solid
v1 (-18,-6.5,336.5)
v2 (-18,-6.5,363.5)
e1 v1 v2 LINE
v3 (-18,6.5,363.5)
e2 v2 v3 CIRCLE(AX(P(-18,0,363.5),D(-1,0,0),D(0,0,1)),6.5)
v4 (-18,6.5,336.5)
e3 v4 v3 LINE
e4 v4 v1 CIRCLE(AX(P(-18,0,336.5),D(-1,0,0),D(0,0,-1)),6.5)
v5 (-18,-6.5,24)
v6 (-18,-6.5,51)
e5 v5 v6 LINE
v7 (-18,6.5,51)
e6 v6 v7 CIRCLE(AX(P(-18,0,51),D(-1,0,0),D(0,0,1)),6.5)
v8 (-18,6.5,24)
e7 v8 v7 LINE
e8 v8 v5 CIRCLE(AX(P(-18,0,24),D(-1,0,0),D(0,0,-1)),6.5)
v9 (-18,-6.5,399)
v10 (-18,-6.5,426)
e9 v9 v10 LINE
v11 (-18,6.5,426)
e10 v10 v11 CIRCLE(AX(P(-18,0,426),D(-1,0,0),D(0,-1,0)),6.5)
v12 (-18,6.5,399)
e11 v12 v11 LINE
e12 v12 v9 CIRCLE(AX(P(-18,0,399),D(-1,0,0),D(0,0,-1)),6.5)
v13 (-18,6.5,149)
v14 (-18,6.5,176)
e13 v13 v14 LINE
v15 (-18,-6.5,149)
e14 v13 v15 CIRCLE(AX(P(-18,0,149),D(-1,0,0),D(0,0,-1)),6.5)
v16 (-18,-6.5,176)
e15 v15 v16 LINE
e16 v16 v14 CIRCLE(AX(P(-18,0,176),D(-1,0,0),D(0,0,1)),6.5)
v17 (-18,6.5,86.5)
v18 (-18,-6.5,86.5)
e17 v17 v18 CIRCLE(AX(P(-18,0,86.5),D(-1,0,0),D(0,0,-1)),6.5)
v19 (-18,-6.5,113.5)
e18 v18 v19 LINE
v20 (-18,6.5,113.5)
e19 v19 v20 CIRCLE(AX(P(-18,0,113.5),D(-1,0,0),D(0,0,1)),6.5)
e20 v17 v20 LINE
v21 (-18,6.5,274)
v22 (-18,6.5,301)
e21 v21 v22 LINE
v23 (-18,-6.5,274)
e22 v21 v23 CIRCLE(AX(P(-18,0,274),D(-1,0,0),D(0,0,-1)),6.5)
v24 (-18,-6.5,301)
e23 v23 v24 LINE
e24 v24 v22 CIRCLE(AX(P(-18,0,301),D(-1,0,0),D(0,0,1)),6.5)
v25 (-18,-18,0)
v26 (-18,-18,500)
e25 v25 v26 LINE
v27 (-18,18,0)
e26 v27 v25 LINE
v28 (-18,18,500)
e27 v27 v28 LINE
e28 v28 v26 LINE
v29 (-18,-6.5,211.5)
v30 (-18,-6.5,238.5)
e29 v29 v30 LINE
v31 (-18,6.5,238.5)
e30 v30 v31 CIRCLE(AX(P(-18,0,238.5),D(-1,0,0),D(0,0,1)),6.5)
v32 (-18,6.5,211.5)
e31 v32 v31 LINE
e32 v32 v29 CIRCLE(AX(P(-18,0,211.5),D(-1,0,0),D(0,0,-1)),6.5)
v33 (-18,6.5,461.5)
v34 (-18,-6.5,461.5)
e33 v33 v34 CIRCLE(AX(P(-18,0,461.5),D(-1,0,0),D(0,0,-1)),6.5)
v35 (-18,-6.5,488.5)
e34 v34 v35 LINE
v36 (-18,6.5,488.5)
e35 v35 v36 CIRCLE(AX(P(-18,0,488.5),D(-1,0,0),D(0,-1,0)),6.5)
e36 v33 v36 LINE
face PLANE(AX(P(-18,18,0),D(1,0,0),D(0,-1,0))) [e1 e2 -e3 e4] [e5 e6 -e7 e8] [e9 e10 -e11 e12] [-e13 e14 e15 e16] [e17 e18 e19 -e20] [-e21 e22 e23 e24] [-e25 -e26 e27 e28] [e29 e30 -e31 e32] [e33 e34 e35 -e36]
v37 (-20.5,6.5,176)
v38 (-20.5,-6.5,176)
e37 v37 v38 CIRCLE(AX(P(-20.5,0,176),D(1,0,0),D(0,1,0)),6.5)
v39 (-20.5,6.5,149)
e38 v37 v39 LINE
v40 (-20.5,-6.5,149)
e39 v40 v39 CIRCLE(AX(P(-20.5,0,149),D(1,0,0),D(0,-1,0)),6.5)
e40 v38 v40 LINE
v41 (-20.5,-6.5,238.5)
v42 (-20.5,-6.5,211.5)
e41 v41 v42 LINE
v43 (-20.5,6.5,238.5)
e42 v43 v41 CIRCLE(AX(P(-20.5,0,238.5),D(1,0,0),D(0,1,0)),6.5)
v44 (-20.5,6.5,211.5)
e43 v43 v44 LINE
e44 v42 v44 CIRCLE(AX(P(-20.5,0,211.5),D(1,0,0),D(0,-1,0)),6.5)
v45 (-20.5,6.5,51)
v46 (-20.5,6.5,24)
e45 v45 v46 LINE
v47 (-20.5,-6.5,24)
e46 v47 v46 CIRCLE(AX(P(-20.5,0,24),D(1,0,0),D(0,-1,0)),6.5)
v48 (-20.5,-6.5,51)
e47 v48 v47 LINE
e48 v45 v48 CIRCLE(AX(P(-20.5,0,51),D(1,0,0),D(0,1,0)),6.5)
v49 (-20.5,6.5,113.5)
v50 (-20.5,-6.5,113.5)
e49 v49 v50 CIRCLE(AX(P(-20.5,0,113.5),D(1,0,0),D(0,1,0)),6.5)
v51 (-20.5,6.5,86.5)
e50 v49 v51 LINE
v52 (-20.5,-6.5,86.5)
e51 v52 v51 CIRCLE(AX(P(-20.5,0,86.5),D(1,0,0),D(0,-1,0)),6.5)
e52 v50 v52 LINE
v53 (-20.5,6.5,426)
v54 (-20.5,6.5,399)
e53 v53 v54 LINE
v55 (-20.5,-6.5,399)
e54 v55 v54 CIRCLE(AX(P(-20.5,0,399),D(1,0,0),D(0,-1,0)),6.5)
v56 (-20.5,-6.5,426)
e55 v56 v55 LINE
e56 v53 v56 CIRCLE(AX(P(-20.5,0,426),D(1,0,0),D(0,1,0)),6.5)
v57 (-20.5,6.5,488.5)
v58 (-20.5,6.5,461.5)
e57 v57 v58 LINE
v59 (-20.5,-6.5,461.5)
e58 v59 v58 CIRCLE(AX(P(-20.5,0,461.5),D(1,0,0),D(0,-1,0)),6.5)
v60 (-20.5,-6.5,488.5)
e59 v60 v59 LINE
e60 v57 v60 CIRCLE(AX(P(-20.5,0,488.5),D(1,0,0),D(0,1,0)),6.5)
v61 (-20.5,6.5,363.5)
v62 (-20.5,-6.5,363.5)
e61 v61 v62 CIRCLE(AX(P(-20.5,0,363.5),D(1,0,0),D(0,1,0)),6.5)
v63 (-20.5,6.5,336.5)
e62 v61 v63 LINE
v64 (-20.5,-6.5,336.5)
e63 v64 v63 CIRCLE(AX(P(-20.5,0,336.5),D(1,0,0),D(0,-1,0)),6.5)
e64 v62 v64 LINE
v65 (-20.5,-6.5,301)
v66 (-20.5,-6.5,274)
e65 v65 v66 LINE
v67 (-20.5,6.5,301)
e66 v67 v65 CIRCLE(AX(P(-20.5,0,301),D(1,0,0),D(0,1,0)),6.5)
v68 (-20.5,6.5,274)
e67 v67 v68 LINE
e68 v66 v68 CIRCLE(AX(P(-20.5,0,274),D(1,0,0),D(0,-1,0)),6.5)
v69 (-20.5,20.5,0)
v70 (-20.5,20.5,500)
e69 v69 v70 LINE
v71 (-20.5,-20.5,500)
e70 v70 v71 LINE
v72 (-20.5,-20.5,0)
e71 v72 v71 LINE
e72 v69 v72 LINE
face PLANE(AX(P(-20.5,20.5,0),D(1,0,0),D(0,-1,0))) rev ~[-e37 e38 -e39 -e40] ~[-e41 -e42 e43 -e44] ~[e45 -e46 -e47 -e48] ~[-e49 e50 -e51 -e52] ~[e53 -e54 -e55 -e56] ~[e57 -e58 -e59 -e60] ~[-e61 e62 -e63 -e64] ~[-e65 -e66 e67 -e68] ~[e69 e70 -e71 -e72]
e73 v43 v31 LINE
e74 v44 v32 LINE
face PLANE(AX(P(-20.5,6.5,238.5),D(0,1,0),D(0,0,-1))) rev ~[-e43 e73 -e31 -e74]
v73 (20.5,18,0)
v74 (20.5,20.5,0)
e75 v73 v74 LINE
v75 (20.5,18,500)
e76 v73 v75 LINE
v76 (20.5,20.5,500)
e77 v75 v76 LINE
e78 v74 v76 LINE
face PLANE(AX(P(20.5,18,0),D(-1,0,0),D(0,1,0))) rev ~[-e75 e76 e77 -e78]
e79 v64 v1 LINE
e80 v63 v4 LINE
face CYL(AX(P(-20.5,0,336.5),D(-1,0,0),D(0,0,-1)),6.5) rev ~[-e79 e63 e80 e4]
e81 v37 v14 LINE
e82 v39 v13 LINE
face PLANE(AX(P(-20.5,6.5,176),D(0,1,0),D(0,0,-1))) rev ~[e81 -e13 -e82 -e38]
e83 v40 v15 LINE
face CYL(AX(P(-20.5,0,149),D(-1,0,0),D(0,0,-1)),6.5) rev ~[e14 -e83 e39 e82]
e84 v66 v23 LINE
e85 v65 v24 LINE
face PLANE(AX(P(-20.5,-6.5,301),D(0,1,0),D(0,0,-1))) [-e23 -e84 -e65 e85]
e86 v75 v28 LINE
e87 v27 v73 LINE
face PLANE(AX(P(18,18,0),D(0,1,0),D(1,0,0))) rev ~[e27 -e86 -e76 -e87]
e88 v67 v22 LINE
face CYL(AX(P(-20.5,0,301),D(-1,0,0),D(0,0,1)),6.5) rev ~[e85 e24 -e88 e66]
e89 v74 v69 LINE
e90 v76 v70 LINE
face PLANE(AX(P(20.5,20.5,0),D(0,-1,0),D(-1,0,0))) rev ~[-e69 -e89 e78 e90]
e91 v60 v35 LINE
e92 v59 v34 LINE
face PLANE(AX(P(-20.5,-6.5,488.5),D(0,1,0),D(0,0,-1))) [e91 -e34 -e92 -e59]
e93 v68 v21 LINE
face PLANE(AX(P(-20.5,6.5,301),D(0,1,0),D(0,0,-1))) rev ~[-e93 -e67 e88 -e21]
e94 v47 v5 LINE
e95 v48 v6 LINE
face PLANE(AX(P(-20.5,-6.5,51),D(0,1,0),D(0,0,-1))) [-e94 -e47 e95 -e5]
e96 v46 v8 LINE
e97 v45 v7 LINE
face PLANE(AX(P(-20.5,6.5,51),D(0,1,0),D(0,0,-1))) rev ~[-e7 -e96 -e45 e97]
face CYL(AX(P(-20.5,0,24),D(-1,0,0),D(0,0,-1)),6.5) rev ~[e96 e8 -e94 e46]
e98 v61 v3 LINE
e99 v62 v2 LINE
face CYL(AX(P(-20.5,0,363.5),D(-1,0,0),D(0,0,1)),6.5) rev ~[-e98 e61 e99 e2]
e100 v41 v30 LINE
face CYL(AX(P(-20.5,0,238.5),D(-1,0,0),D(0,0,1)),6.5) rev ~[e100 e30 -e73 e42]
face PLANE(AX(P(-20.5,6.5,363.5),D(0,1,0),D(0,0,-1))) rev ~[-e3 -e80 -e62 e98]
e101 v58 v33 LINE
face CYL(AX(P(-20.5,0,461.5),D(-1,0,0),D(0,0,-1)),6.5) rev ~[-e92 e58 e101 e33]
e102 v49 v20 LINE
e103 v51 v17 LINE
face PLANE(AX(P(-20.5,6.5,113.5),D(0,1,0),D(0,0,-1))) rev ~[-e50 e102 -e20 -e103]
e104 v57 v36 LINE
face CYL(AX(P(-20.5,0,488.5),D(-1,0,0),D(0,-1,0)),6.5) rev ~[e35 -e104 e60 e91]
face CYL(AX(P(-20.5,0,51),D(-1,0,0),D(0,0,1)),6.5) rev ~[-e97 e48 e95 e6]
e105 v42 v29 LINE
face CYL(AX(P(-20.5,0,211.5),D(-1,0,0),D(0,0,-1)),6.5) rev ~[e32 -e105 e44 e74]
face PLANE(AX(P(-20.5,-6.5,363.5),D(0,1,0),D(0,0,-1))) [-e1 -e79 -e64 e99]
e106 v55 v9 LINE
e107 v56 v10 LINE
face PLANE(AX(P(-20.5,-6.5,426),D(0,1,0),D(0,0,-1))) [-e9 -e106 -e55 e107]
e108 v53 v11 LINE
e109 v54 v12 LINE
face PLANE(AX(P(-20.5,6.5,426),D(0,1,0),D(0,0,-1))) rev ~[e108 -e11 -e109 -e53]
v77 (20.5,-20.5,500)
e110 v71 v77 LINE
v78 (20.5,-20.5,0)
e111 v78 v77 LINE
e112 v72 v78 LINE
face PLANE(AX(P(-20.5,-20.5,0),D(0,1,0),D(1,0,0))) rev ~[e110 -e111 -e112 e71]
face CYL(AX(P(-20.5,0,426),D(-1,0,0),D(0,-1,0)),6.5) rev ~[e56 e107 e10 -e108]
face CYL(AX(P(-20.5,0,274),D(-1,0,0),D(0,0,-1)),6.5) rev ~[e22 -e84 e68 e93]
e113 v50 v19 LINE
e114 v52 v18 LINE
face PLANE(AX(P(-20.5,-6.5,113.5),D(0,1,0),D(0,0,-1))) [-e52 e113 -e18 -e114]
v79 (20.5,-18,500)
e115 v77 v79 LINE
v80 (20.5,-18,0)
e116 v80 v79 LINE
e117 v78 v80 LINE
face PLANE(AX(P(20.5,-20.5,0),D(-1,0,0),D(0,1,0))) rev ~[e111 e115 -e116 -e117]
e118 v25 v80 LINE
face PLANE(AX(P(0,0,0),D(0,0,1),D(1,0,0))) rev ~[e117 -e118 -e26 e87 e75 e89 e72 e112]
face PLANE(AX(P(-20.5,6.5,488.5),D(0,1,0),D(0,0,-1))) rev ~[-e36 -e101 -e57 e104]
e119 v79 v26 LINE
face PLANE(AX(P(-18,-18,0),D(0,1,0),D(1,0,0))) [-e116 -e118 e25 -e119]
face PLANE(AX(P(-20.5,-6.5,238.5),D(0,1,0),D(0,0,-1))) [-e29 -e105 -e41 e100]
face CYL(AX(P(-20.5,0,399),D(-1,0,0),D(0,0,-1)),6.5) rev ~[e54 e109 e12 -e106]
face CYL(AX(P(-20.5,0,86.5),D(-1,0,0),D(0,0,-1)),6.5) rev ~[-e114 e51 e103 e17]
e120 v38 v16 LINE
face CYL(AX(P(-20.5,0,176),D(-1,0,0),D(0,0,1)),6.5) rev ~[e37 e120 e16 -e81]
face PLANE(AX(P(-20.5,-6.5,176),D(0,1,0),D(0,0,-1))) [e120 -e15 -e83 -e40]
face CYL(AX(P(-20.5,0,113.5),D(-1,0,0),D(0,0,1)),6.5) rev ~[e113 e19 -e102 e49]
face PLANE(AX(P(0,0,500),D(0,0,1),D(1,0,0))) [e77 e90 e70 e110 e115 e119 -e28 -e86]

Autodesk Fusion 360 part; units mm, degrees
sketch "Sketch1" plane through (0, 0, 0) normal (0, 0, 1) x (1, 0, 0)
  line L0 (20.5, 20.5) -> (-20.5, 20.5)
  line L1 (-20.5, 20.5) -> (-20.5, -20.5)
  line L2 (-20.5, -20.5) -> (20.5, -20.5)
  line L3 (20.5, -20.5) -> (20.5, 20.5)
  line L4 (20.5, 20.5) -> (-20.5, -20.5) construction
  line L5 (-20.5, 20.5) -> (20.5, -20.5) construction
  line L6 (-18, -18) -> (18, -18)
  line L7 (18, -18) -> (18, 18)
  line L8 (18, 18) -> (-18, 18)
  line L9 (-18, 18) -> (-18, -18)
  line L10 (18, 18) -> (20.5, 18)
  line L11 (20.5, 18) -> (20.5, -18)
  line L12 (20.5, -18) -> (18, -18)
  line L13 (18, -18) -> (18, 18)
  dimension "d1" = 41
  dimension "d2" = 41
  dimension "d3" = -2.5
extrude "Extrude1" add sketch "Sketch1" along normal blind 500 contours L0 L1 L2 L3 L6 L8 L9 L10 L12
sketch "Sketch2" plane through (-20.5, 0, 0) normal (-1, 0, 0) x (0, -1, 0)
  line L0 (-20.5, 0) -> (20.5, 0)
  line L1 (20.5, 0) -> (20.5, 500)
  line L2 (20.5, 500) -> (-20.5, 500)
  line L3 (-20.5, 500) -> (-20.5, 0)
  line L4 (0, 500) -> (0, 495)
  line L5 (-6.5, 488.5) -> (-6.5, 461.5)
  line L6 (6.5, 488.5) -> (6.5, 461.5)
  arc A0 (0, 495) -> (-6.5, 488.5) centre (0, 488.5) ccw
  arc A1 (-6.5, 461.5) -> (0, 455) centre (0, 461.5) ccw
  arc A2 (0, 455) -> (6.5, 461.5) centre (0, 461.5) ccw
  arc A3 (6.5, 488.5) -> (0, 495) centre (0, 488.5) ccw
  line L7 (0, 455) -> (0, 432.5)
  line L8 (-6.5, 426) -> (-6.5, 399)
  arc A4 (0, 432.5) -> (-6.5, 426) centre (0, 426) ccw
  arc A5 (6.5, 426) -> (0, 432.5) centre (0, 426) ccw
  line L9 (6.5, 426) -> (6.5, 399)
  arc A6 (0, 392.5) -> (6.5, 399) centre (0, 399) ccw
  arc A7 (-6.5, 399) -> (0, 392.5) centre (0, 399) ccw
  line L10 (-6.5, 363.5) -> (-6.5, 336.5)
  arc A8 (0, 370) -> (-6.5, 363.5) centre (0, 363.5) ccw
  arc A9 (6.5, 363.5) -> (0, 370) centre (0, 363.5) ccw
  line L11 (6.5, 363.5) -> (6.5, 336.5)
  arc A10 (0, 330) -> (6.5, 336.5) centre (0, 336.5) ccw
  arc A11 (-6.5, 336.5) -> (0, 330) centre (0, 336.5) ccw
  line L12 (-6.5, 301) -> (-6.5, 274)
  arc A12 (0, 307.5) -> (-6.5, 301) centre (0, 301) ccw
  arc A13 (6.5, 301) -> (0, 307.5) centre (0, 301) ccw
  line L13 (6.5, 301) -> (6.5, 274)
  arc A14 (0, 267.5) -> (6.5, 274) centre (0, 274) ccw
  arc A15 (-6.5, 274) -> (0, 267.5) centre (0, 274) ccw
  line L14 (-6.5, 238.5) -> (-6.5, 211.5)
  arc A16 (0, 245) -> (-6.5, 238.5) centre (0, 238.5) ccw
  arc A17 (6.5, 238.5) -> (0, 245) centre (0, 238.5) ccw
  line L15 (6.5, 238.5) -> (6.5, 211.5)
  arc A18 (0, 205) -> (6.5, 211.5) centre (0, 211.5) ccw
  arc A19 (-6.5, 211.5) -> (0, 205) centre (0, 211.5) ccw
  line L16 (-6.5, 176) -> (-6.5, 149)
  arc A20 (0, 182.5) -> (-6.5, 176) centre (0, 176) ccw
  arc A21 (6.5, 176) -> (0, 182.5) centre (0, 176) ccw
  line L17 (6.5, 176) -> (6.5, 149)
  arc A22 (0, 142.5) -> (6.5, 149) centre (0, 149) ccw
  arc A23 (-6.5, 149) -> (0, 142.5) centre (0, 149) ccw
  line L18 (-6.5, 113.5) -> (-6.5, 86.5)
  arc A24 (0, 120) -> (-6.5, 113.5) centre (0, 113.5) ccw
  arc A25 (6.5, 113.5) -> (0, 120) centre (0, 113.5) ccw
  line L19 (6.5, 113.5) -> (6.5, 86.5)
  arc A26 (0, 80) -> (6.5, 86.5) centre (0, 86.5) ccw
  arc A27 (-6.5, 86.5) -> (0, 80) centre (0, 86.5) ccw
  line L20 (-6.5, 51) -> (-6.5, 24)
  arc A28 (0, 57.5) -> (-6.5, 51) centre (0, 51) ccw
  arc A29 (6.5, 51) -> (0, 57.5) centre (0, 51) ccw
  line L21 (6.5, 51) -> (6.5, 24)
  arc A30 (0, 17.5) -> (6.5, 24) centre (0, 24) ccw
  arc A31 (-6.5, 24) -> (0, 17.5) centre (0, 24) ccw
  point P0 (-6.5, 495)
  dimension "d6" = 5
  dimension "d7" = 6.5
  dimension "d10" = 6.5
  dimension "d11" = 22.5
  dimension "d14" = 0
  dimension "d15" = -62.5
extrude "Extrude2" cut sketch "Sketch2" against normal blind 19.782 contours L8 A4 A5 L9 A6 A7 | L5 L6 A0 A1 A2 A3 | L10 A8 A9 L11 A10 A11 | L12 A12 A13 L13 A14 A15 | L14 A16 A17 L15 A18 A19 | L16 A20 A21 L17 A22 A23 | L18 A24 A25 L19 A26 A27 | L20 A28 A29 L21 A30 A31
equation "d7 = ( 13 / 2 ) * 1 mm"
equation "d10 = ( 13 / 2 ) * 1 mm"
